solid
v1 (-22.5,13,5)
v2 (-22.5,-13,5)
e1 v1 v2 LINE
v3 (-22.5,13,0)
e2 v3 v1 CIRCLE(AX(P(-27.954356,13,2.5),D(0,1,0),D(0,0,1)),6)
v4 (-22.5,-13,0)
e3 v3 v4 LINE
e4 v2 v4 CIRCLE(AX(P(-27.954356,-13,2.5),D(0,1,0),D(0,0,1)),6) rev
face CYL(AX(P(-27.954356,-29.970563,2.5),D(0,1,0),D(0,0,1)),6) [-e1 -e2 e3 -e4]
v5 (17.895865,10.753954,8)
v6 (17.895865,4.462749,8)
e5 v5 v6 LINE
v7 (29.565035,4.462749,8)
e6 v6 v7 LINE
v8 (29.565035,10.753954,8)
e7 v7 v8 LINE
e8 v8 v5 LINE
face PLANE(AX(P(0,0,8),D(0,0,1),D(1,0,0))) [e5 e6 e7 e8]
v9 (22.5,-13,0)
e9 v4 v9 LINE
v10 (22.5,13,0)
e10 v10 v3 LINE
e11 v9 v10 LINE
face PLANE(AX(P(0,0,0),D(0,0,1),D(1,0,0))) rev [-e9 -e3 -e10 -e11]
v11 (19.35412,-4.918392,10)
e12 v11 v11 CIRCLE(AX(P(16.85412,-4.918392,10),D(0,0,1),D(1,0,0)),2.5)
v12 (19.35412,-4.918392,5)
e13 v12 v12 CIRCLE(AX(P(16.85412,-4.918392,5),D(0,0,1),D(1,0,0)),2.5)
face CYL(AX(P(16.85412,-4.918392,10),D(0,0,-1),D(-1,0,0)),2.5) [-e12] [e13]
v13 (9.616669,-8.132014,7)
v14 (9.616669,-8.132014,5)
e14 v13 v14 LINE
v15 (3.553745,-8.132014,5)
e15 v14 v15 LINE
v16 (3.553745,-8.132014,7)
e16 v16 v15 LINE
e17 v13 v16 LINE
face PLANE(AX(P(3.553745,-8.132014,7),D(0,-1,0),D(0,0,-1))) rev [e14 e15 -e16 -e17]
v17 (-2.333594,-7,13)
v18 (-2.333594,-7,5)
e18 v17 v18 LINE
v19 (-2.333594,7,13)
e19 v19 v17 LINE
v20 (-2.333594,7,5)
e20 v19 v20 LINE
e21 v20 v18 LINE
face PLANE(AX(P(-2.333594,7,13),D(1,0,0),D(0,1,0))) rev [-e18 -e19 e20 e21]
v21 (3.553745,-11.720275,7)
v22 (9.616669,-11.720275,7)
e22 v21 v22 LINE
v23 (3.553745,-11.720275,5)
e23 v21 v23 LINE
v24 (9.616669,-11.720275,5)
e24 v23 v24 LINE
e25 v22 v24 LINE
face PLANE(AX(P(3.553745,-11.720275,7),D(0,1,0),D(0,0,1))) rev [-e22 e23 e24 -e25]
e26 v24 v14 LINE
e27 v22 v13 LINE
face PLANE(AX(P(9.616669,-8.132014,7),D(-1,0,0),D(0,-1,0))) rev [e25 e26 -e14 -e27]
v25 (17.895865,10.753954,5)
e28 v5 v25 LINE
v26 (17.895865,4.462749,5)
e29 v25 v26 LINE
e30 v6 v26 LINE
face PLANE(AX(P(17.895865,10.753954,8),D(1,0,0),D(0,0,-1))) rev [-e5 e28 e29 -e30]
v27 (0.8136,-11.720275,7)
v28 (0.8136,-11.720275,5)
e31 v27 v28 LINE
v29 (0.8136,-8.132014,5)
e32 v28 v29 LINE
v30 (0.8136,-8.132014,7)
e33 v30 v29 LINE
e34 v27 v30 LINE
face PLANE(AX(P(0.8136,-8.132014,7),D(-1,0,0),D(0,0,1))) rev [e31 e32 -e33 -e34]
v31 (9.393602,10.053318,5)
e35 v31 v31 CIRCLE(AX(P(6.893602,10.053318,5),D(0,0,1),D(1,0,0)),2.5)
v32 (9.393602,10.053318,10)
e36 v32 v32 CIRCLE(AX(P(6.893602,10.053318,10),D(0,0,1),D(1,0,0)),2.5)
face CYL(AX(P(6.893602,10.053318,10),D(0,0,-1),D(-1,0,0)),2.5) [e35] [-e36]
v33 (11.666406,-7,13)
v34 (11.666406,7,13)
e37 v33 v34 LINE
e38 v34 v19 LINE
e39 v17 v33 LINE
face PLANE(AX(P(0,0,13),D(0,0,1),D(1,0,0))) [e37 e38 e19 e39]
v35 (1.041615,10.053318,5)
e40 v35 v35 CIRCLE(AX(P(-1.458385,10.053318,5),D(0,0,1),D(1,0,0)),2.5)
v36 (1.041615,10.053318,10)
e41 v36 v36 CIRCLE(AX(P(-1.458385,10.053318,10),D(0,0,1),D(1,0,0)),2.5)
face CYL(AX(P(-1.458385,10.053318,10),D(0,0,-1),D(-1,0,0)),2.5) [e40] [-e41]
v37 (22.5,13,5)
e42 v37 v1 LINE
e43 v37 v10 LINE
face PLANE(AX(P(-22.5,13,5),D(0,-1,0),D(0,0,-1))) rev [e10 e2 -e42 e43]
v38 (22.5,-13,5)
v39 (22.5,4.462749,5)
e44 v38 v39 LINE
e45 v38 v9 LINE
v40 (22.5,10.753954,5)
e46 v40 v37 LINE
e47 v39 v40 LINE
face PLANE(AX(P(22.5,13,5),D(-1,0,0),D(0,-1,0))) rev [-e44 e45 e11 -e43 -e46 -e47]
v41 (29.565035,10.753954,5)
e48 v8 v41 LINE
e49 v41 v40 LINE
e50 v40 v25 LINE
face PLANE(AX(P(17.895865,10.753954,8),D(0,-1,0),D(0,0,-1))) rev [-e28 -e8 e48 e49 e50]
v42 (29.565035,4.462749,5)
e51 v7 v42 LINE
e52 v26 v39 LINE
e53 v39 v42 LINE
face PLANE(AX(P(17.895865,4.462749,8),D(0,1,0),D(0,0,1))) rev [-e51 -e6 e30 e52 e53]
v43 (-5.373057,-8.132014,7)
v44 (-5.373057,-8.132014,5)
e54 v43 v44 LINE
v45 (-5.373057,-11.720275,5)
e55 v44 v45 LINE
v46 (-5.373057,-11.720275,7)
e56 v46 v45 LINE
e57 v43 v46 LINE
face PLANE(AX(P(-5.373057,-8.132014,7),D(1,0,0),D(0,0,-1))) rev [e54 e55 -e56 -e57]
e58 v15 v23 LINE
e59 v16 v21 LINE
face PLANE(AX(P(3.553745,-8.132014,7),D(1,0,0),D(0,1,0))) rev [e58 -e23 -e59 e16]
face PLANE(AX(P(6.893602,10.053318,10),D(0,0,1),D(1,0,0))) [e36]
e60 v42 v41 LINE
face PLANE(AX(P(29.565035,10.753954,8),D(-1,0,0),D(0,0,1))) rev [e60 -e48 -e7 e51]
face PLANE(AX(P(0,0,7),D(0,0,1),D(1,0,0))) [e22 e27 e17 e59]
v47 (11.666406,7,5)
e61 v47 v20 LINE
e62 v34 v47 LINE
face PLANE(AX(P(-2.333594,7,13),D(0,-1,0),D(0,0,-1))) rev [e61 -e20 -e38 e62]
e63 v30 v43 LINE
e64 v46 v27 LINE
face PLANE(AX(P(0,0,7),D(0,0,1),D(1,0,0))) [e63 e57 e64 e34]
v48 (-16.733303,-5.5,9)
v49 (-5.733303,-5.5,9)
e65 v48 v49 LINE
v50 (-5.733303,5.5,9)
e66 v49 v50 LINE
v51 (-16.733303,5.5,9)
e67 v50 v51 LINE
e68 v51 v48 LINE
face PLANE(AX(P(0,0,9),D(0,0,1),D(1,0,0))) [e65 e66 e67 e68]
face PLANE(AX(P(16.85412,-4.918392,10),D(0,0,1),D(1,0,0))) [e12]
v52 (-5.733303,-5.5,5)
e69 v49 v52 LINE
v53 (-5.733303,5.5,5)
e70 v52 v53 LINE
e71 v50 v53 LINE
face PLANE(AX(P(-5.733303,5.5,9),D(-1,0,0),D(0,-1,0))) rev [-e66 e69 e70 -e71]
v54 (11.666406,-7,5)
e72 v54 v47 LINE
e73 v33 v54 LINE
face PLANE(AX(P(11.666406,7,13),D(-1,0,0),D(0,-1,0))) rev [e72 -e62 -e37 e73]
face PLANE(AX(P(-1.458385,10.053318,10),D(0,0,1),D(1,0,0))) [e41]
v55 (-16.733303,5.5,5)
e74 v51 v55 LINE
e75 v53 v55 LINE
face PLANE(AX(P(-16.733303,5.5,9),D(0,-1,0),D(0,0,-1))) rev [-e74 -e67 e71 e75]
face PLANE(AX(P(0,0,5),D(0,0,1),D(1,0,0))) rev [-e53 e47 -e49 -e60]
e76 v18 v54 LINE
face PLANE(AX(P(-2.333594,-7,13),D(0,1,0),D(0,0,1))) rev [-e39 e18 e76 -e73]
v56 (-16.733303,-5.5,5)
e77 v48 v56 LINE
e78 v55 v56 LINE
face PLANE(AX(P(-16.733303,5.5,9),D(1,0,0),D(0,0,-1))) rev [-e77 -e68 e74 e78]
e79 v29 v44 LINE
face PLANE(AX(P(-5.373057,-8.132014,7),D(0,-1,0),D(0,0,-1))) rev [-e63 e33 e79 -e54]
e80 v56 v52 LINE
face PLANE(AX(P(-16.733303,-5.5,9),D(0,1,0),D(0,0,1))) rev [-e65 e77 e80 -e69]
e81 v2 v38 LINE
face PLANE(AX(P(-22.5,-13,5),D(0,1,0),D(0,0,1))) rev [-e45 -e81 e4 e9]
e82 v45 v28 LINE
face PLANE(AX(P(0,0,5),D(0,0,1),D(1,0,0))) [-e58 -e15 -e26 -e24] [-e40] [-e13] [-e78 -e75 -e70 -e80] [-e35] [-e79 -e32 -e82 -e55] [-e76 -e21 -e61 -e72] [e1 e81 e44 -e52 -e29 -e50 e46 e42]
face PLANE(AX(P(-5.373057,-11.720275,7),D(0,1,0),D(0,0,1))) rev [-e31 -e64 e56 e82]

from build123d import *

# Parameters (mm, degrees)
SKETCH_1_W      = 45
SKETCH_1_H      = 26
EXTRUDE_1_DEPTH = 5
SKETCH_2_R      = 6
EXTRUDE_2_DEPTH = 26
SKETCH_3_W      = 14
SKETCH_3_H      = 14
EXTRUDE_3_DEPTH = 8
SKETCH_4_R      = 2.5
EXTRUDE_4_DEPTH = 5
SKETCH_5_W      = 11
SKETCH_5_H      = 11
EXTRUDE_5_DEPTH = 4
SKETCH_6_W      = 6.186657106
SKETCH_6_H      = 3.588261122
SKETCH_6_W_2    = 6.062923964
EXTRUDE_6_DEPTH = 2
SKETCH_7_W      = 11.669170616
SKETCH_7_H      = 6.291205027
EXTRUDE_7_DEPTH = 3


with BuildPart() as part:
    # Эскиз1 → Бобышка-Вытянуть1 (new body)
    with BuildSketch(Plane.XY):
        Rectangle(SKETCH_1_W, SKETCH_1_H)
    extrude(amount=EXTRUDE_1_DEPTH)

    # Эскиз2 → Бобышка-Вытянуть2 (add)
    with BuildSketch(Plane(origin=(0, 13, 0), x_dir=(1, 0, 0), z_dir=(0, 1, 0))):
        with Locations((-27.954356057, -2.5)):
            Circle(SKETCH_2_R)
    extrude(amount=-EXTRUDE_2_DEPTH)

    # Эскиз3 → Бобышка-Вытянуть3 (add)
    with BuildSketch(Plane.XY.offset(5)):
        with Locations((4.666405911, 0)):
            Rectangle(SKETCH_3_W, SKETCH_3_H)
    extrude(amount=EXTRUDE_3_DEPTH)

    # Эскиз4 → Бобышка-Вытянуть4 (add)
    with BuildSketch(Plane.XY.offset(5)):
        with Locations((-1.458384625, 10.053317798)):
            Circle(SKETCH_4_R)
        with Locations((6.893602469, 10.053317798)):
            Circle(SKETCH_4_R)
        with Locations((16.854120411, -4.9183924)):
            Circle(SKETCH_4_R)
    extrude(amount=EXTRUDE_4_DEPTH)

    # Эскиз5 → Бобышка-Вытянуть5 (add)
    with BuildSketch(Plane.XY.offset(5)):
        with Locations((-11.233302854, 0)):
            Rectangle(SKETCH_5_W, SKETCH_5_H)
    extrude(amount=EXTRUDE_5_DEPTH)

    # Эскиз6 → Бобышка-Вытянуть6 (add)
    with BuildSketch(Plane.XY.offset(5)):
        with Locations((-2.279728316, -9.926144411)):
            Rectangle(SKETCH_6_W, SKETCH_6_H)
        with Locations((6.585206892, -9.926144411)):
            Rectangle(SKETCH_6_W_2, SKETCH_6_H)
    extrude(amount=EXTRUDE_6_DEPTH)

    # Эскиз7 → Бобышка-Вытянуть7 (add)
    with BuildSketch(Plane.XY.offset(5)):
        with Locations((23.730450038, 7.608351051)):
            Rectangle(SKETCH_7_W, SKETCH_7_H)
    extrude(amount=EXTRUDE_7_DEPTH)


solid = part.part
